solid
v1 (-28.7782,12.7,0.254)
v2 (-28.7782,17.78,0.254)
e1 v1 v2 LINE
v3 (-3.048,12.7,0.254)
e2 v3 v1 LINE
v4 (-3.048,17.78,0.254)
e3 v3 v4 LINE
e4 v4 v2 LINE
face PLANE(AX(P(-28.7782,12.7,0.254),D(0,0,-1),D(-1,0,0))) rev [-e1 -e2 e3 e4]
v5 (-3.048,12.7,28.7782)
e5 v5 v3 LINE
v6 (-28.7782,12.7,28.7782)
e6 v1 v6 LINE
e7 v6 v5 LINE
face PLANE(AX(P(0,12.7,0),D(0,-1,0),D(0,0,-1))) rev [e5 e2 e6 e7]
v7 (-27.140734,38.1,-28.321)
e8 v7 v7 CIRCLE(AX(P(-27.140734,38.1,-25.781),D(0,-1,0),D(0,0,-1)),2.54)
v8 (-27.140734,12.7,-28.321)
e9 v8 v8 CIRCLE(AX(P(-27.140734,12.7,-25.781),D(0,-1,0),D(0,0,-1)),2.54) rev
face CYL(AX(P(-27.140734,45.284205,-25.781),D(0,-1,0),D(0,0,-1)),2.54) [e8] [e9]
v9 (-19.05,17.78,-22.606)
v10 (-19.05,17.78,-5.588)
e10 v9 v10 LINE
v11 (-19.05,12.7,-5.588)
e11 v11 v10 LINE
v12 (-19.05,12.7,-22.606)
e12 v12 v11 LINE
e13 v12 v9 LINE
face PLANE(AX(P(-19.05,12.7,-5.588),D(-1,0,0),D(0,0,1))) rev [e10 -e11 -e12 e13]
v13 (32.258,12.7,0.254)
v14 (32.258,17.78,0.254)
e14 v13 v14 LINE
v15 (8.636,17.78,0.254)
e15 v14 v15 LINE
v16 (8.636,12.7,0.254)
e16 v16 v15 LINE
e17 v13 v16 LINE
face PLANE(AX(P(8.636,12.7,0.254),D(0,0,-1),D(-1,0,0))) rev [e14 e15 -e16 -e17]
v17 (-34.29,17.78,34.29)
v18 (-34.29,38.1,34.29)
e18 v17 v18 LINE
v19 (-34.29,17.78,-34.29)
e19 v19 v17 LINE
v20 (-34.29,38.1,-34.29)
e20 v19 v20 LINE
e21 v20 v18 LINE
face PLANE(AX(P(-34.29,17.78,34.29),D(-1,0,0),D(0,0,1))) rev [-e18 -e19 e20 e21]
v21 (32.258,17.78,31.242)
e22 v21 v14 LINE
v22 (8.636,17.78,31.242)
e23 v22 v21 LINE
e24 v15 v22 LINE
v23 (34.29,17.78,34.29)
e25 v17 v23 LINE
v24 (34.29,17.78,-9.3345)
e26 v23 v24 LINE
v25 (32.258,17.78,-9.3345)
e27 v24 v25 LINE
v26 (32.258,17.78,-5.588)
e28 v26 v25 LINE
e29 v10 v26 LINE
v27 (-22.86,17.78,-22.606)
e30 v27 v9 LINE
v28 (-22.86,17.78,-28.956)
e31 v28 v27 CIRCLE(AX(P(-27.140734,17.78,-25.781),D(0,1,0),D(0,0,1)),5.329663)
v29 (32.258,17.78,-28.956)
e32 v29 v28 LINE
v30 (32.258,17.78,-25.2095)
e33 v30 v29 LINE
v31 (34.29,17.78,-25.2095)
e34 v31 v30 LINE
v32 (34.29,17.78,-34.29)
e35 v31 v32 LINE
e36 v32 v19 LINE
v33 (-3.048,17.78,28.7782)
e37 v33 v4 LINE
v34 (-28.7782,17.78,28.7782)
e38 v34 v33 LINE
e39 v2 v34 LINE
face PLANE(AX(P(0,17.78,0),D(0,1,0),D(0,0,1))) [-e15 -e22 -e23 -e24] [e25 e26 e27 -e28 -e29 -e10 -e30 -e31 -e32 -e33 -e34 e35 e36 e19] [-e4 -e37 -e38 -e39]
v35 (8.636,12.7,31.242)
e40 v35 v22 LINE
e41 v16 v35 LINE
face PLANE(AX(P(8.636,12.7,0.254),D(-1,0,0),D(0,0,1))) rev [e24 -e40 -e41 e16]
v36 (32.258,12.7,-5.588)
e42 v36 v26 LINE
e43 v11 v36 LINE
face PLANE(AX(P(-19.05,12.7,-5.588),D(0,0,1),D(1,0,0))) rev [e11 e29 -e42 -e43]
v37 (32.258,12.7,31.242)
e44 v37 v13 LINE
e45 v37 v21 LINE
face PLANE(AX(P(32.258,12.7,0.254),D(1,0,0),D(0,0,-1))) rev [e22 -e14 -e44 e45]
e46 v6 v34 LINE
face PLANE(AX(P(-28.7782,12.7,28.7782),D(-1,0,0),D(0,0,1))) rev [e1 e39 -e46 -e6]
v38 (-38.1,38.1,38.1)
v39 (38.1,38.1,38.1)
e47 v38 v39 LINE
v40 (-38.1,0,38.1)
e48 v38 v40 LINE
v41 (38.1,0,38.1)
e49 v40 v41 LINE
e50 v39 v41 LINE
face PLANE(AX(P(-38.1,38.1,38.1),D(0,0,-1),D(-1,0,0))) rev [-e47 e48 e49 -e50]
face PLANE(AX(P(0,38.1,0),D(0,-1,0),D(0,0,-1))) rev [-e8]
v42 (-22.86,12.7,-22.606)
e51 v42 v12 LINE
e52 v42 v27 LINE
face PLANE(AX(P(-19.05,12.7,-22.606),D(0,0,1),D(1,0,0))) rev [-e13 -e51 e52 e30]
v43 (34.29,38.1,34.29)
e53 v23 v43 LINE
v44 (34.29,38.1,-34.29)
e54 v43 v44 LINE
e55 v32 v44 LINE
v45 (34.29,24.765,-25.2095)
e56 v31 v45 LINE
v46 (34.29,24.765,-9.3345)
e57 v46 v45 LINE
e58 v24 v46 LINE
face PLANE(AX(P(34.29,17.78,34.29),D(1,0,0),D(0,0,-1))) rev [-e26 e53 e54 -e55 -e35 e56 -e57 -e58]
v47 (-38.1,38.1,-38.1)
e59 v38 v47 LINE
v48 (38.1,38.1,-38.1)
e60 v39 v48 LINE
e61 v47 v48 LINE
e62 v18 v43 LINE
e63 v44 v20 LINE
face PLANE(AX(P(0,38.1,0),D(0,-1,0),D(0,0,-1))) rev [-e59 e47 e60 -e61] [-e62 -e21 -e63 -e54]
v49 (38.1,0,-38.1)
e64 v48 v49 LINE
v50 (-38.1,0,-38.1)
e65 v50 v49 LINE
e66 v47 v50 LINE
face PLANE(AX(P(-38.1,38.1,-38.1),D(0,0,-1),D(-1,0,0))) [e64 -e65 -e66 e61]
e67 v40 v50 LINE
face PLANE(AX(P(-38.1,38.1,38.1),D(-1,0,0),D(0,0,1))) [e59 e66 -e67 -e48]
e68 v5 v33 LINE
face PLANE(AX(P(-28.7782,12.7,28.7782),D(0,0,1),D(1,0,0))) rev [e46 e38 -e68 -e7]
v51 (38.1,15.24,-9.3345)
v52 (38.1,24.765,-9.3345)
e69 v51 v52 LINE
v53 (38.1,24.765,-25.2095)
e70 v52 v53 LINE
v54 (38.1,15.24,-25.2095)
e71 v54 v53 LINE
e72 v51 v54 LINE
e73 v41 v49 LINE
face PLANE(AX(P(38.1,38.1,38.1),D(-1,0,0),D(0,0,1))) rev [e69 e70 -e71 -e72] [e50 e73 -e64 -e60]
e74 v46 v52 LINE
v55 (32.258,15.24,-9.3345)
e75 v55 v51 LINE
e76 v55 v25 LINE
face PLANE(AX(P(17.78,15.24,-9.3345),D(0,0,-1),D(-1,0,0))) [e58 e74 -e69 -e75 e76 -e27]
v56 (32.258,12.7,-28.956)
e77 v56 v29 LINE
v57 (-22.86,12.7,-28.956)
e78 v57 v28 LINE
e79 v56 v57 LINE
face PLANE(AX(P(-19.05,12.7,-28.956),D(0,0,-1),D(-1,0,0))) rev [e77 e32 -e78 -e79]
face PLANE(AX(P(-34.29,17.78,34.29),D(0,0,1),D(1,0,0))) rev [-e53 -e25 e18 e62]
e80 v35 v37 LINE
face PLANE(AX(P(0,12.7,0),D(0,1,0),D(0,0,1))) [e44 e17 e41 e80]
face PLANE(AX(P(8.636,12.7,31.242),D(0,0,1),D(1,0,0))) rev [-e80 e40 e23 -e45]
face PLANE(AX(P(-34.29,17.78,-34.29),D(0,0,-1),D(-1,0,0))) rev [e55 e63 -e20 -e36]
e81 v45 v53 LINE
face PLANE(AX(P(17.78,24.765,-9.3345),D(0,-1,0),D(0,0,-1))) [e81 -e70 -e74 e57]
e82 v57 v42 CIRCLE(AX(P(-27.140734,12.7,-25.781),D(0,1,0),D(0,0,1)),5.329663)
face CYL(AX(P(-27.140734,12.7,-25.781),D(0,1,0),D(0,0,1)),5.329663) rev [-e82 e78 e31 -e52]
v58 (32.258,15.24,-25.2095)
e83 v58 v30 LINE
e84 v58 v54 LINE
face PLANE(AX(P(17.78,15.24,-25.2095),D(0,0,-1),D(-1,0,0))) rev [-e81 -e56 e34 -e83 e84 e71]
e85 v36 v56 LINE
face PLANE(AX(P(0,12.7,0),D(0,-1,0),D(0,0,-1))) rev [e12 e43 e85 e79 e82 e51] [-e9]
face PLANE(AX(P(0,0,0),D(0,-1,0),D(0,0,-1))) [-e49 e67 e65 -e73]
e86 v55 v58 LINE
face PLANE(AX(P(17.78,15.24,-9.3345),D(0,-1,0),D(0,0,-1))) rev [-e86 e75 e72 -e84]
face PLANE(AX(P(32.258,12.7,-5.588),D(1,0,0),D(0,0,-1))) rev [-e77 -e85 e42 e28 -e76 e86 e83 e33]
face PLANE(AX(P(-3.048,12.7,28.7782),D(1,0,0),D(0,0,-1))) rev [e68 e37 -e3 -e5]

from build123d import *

# Parameters (mm, degrees)
SKETCH1_W           = 76.2
SKETCH1_H           = 76.2
BOSS_EXTRUDE1_DEPTH = 38.1
SKETCH2_W           = 51.308
SKETCH2_H           = 23.368
SKETCH2_W_2         = 23.622
SKETCH2_H_2         = 30.988
SKETCH2_W_3         = 25.7302
SKETCH2_H_3         = 28.5242
CUT_EXTRUDE3_DEPTH  = 25.4
SKETCH8_W           = 68.58
SKETCH8_H           = 68.58
SKETCH8_W_2         = 25.7302
SKETCH8_H_2         = 28.5242
SKETCH8_W_3         = 23.622
SKETCH8_H_3         = 30.988
SKETCH8_W_4         = 51.308
SKETCH8_H_4         = 23.368
CUT_EXTRUDE5_DEPTH  = 20.32
SKETCH10_W          = 15.875
SKETCH10_H          = 9.525
CUT_EXTRUDE6_DEPTH  = 20.32
CUT_EXTRUDE7_DEPTH  = 5.08
SKETCH12_R          = 2.54
BOSS_EXTRUDE2_DEPTH = 25.4


with BuildPart() as part:
    # Sketch1 → Boss-Extrude1 (new body)
    with BuildSketch(Plane(origin=(0, 0, 0), x_dir=(1, 0, 0), z_dir=(0, 1, 0))):
        Rectangle(SKETCH1_W, SKETCH1_H)
    extrude(amount=BOSS_EXTRUDE1_DEPTH)

    # Sketch2 → Cut-Extrude3 (cut)
    with BuildSketch(Plane(origin=(0, 38.1, 0), x_dir=(1, 0, 0), z_dir=(0, 1, 0))):
        with Locations((6.604, 17.272)):
            Rectangle(SKETCH2_W, SKETCH2_H)
        with Locations((20.447, -15.748)):
            Rectangle(SKETCH2_W_2, SKETCH2_H_2)
        with Locations((-15.9131, -14.5161)):
            Rectangle(SKETCH2_W_3, SKETCH2_H_3)
    extrude(amount=-CUT_EXTRUDE3_DEPTH, mode=Mode.SUBTRACT)

    # Sketch8 → Cut-Extrude5 (cut)
    with BuildSketch(Plane(origin=(0, 38.1, 0), x_dir=(1, 0, 0), z_dir=(0, 1, 0))):
        Rectangle(SKETCH8_W, SKETCH8_H)
        with Locations((-15.9131, -14.5161)):
            Rectangle(SKETCH8_W_2, SKETCH8_H_2, mode=Mode.SUBTRACT)
        with Locations((20.447, -15.748)):
            Rectangle(SKETCH8_W_3, SKETCH8_H_3, mode=Mode.SUBTRACT)
        with Locations((6.604, 17.272)):
            Rectangle(SKETCH8_W_4, SKETCH8_H_4, mode=Mode.SUBTRACT)
    extrude(amount=-CUT_EXTRUDE5_DEPTH, mode=Mode.SUBTRACT)

    # Sketch10 → Cut-Extrude6 (cut)
    with BuildSketch(Plane(origin=(38.1, 0, 0), x_dir=(0, 0, -1), z_dir=(1, 0, 0))):
        with Locations((17.272, 20.0025)):
            Rectangle(SKETCH10_W, SKETCH10_H)
    extrude(amount=-CUT_EXTRUDE6_DEPTH, mode=Mode.SUBTRACT)

    # Sketch11 → Cut-Extrude7 (cut)
    with BuildSketch(Plane(origin=(0, 17.78, 0), x_dir=(1, 0, 0), z_dir=(0, 1, 0))):
        with BuildLine():
            Line((-19.05, 28.956), (-19.05, 22.606))
            Line((-19.05, 22.606), (-22.86, 22.606))
            ThreePointArc((-22.86, 22.606), (-32.470396483, 25.781), (-22.86, 28.956))
            Line((-22.86, 28.956), (-19.05, 28.956))
        make_face()
    extrude(amount=-CUT_EXTRUDE7_DEPTH, mode=Mode.SUBTRACT)

    # Sketch12 → Boss-Extrude2 (add)
    with BuildSketch(Plane(origin=(0, 12.7, 0), x_dir=(1, 0, 0), z_dir=(0, 1, 0))):
        with Locations((-27.140733667, 25.781)):
            Circle(SKETCH12_R)
    extrude(amount=BOSS_EXTRUDE2_DEPTH)


solid = part.part
